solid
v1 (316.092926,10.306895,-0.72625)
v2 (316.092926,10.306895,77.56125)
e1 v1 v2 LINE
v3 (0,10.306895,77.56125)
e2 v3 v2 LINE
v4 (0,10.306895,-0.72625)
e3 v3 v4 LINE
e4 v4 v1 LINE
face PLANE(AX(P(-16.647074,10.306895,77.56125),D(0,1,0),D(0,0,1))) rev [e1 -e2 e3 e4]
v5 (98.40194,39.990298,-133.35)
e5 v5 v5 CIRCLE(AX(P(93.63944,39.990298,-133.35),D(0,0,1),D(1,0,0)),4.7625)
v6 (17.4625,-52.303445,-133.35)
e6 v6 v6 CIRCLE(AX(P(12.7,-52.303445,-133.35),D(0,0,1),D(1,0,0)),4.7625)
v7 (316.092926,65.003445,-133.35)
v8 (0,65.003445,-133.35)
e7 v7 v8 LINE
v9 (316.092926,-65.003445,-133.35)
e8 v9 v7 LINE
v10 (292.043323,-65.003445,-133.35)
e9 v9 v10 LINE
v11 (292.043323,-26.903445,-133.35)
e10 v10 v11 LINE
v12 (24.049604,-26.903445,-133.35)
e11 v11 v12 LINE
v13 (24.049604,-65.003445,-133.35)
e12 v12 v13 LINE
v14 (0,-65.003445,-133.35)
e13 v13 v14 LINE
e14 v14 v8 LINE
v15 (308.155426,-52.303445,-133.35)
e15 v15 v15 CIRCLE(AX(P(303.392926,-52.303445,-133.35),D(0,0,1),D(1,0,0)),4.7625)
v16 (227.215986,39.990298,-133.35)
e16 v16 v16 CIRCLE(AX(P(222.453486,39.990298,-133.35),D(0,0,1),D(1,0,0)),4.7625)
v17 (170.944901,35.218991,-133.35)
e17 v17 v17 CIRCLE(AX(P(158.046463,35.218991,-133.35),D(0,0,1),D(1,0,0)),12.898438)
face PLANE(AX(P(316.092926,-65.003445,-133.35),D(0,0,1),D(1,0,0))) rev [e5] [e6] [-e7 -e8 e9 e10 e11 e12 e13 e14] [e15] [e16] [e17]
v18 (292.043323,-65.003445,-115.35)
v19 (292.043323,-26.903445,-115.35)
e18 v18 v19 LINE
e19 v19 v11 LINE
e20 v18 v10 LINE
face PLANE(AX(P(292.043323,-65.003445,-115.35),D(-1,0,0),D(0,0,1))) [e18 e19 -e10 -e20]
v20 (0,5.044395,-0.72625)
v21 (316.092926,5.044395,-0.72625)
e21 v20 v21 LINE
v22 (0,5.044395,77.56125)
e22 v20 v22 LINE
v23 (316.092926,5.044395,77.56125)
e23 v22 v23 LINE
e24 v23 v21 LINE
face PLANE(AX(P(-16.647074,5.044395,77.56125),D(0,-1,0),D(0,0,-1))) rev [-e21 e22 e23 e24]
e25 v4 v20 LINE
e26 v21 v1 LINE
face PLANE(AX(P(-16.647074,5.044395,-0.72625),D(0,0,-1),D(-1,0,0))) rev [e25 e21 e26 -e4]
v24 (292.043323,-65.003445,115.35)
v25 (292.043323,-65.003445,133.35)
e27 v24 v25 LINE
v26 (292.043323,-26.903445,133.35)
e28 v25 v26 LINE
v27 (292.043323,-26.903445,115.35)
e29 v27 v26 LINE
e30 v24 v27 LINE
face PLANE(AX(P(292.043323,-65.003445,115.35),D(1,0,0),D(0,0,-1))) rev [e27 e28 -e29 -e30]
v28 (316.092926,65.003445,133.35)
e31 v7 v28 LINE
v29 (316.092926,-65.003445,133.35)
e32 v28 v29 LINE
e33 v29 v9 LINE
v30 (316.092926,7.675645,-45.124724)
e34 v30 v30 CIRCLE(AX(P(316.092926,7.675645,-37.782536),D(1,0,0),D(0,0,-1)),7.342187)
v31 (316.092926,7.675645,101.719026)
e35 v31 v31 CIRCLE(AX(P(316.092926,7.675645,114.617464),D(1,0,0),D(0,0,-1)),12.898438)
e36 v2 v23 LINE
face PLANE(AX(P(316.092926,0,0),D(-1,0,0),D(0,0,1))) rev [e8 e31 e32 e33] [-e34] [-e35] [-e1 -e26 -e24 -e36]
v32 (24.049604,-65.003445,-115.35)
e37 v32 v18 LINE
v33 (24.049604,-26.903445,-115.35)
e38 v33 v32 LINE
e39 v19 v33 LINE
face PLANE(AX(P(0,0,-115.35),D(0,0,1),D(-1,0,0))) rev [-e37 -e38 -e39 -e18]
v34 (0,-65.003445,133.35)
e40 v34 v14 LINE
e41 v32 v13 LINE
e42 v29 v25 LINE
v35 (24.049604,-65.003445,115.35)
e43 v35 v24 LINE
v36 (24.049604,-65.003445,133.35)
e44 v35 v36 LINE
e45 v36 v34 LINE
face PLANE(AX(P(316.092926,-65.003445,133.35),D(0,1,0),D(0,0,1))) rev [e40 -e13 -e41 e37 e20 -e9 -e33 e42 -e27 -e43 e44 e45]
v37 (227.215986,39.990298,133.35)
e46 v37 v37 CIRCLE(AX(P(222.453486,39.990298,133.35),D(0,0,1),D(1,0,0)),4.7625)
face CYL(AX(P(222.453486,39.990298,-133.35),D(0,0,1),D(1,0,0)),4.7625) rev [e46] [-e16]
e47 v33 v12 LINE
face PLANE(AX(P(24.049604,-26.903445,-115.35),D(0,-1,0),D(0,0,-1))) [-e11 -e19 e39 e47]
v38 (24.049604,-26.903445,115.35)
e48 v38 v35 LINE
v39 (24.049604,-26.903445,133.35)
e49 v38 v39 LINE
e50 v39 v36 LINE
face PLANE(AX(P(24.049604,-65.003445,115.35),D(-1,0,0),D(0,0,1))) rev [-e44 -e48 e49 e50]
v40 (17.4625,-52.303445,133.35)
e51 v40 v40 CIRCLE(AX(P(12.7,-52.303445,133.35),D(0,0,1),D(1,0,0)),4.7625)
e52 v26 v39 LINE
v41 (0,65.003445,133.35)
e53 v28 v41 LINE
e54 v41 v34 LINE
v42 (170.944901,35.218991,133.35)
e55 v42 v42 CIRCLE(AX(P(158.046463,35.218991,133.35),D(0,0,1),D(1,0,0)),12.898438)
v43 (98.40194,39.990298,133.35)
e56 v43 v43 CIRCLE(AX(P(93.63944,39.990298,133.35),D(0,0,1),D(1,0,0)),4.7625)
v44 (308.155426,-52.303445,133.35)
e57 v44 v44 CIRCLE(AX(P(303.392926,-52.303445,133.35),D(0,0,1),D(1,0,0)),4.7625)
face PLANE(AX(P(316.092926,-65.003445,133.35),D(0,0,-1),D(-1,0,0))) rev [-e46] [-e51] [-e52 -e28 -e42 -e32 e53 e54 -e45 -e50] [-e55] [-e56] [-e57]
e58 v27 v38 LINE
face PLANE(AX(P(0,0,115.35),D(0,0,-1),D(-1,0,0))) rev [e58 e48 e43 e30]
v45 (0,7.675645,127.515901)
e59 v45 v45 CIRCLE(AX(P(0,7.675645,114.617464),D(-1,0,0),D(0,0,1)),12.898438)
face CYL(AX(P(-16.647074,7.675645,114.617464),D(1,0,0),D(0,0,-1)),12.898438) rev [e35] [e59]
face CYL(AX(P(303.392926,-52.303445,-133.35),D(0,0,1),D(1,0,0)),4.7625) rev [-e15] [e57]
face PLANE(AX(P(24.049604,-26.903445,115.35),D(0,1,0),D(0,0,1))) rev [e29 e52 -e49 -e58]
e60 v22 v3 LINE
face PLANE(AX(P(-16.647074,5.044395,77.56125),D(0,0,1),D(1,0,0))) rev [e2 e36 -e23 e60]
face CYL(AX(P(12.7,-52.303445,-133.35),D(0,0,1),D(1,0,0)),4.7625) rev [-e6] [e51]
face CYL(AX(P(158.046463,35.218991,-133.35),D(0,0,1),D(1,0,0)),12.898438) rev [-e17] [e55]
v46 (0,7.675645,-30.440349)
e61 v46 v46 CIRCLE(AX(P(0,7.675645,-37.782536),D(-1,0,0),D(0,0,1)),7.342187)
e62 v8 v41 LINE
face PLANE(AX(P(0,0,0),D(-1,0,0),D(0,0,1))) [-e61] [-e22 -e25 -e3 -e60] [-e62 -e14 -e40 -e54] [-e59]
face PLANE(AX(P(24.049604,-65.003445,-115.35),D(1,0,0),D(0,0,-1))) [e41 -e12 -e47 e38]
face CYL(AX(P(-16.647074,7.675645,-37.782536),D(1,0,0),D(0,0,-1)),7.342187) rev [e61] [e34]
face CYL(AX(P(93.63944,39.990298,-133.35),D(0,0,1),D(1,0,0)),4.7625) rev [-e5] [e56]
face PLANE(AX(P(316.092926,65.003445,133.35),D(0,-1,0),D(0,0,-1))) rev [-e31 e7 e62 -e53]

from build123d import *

# Parameters (mm, degrees)
SKETCH1_W           = 266.7
SKETCH1_H           = 130.0068901
BOSS_EXTRUDE1_DEPTH = 316.09292636
SKETCH2_R           = 4.7625
SKETCH2_R_2         = 12.8984375
CUT_EXTRUDE1_DEPTH  = 266.7
SKETCH3_R           = 12.8984375
SKETCH3_R_2         = 7.3421875
SKETCH3_W           = 78.287500016
SKETCH3_H           = 5.262500016
CUT_EXTRUDE2_DEPTH  = 332.74
SKETCH4_W           = 267.993719028
SKETCH4_H           = 38.1
CUT_EXTRUDE3_DEPTH  = 18.000000068


with BuildPart() as part:
    # Sketch1 → Boss-Extrude1 (new body)
    with BuildSketch(Plane(origin=(0, 0, 0), x_dir=(0, 0, -1), z_dir=(1, 0, 0))):
        Rectangle(SKETCH1_W, SKETCH1_H)
    extrude(amount=BOSS_EXTRUDE1_DEPTH)

    # Sketch2 → Cut-Extrude1 (cut)
    with BuildSketch(Plane.XY.offset(133.35)):
        with Locations((93.639440102, 39.990297972)):
            Circle(SKETCH2_R)
        with Locations((222.453486258, 39.990297972)):
            Circle(SKETCH2_R)
        with Locations((303.39292636, -52.30344505)):
            Circle(SKETCH2_R)
        with Locations((12.7, -52.30344505)):
            Circle(SKETCH2_R)
        with Locations((158.04646318, 35.218991284)):
            Circle(SKETCH2_R_2)
    extrude(amount=-CUT_EXTRUDE1_DEPTH, mode=Mode.SUBTRACT)

    # Sketch3 → Cut-Extrude2 (cut)
    with BuildSketch(Plane(origin=(316.09292636, 0, 0), x_dir=(0, 0, -1), z_dir=(1, 0, 0))):
        with Locations((-114.617463678, 7.67564505)):
            Circle(SKETCH3_R)
        with Locations((37.782536322, 7.67564505)):
            Circle(SKETCH3_R_2)
        with Locations((-38.4175, 7.67564505)):
            Rectangle(SKETCH3_W, SKETCH3_H)
    extrude(amount=-CUT_EXTRUDE2_DEPTH, mode=Mode.SUBTRACT)

    # Sketch4 → Cut-Extrude3 (cut)
    with BuildSketch(Plane.XY.offset(133.35)):
        with Locations((158.04646318, -45.95344505)):
            Rectangle(SKETCH4_W, SKETCH4_H)
    cut_extrude3 = extrude(amount=-CUT_EXTRUDE3_DEPTH, mode=Mode.SUBTRACT)

    # Mirror1: Cut-Extrude3 across plane
    add(cut_extrude3.mirror(Plane.XY), mode=Mode.SUBTRACT)


solid = part.part
